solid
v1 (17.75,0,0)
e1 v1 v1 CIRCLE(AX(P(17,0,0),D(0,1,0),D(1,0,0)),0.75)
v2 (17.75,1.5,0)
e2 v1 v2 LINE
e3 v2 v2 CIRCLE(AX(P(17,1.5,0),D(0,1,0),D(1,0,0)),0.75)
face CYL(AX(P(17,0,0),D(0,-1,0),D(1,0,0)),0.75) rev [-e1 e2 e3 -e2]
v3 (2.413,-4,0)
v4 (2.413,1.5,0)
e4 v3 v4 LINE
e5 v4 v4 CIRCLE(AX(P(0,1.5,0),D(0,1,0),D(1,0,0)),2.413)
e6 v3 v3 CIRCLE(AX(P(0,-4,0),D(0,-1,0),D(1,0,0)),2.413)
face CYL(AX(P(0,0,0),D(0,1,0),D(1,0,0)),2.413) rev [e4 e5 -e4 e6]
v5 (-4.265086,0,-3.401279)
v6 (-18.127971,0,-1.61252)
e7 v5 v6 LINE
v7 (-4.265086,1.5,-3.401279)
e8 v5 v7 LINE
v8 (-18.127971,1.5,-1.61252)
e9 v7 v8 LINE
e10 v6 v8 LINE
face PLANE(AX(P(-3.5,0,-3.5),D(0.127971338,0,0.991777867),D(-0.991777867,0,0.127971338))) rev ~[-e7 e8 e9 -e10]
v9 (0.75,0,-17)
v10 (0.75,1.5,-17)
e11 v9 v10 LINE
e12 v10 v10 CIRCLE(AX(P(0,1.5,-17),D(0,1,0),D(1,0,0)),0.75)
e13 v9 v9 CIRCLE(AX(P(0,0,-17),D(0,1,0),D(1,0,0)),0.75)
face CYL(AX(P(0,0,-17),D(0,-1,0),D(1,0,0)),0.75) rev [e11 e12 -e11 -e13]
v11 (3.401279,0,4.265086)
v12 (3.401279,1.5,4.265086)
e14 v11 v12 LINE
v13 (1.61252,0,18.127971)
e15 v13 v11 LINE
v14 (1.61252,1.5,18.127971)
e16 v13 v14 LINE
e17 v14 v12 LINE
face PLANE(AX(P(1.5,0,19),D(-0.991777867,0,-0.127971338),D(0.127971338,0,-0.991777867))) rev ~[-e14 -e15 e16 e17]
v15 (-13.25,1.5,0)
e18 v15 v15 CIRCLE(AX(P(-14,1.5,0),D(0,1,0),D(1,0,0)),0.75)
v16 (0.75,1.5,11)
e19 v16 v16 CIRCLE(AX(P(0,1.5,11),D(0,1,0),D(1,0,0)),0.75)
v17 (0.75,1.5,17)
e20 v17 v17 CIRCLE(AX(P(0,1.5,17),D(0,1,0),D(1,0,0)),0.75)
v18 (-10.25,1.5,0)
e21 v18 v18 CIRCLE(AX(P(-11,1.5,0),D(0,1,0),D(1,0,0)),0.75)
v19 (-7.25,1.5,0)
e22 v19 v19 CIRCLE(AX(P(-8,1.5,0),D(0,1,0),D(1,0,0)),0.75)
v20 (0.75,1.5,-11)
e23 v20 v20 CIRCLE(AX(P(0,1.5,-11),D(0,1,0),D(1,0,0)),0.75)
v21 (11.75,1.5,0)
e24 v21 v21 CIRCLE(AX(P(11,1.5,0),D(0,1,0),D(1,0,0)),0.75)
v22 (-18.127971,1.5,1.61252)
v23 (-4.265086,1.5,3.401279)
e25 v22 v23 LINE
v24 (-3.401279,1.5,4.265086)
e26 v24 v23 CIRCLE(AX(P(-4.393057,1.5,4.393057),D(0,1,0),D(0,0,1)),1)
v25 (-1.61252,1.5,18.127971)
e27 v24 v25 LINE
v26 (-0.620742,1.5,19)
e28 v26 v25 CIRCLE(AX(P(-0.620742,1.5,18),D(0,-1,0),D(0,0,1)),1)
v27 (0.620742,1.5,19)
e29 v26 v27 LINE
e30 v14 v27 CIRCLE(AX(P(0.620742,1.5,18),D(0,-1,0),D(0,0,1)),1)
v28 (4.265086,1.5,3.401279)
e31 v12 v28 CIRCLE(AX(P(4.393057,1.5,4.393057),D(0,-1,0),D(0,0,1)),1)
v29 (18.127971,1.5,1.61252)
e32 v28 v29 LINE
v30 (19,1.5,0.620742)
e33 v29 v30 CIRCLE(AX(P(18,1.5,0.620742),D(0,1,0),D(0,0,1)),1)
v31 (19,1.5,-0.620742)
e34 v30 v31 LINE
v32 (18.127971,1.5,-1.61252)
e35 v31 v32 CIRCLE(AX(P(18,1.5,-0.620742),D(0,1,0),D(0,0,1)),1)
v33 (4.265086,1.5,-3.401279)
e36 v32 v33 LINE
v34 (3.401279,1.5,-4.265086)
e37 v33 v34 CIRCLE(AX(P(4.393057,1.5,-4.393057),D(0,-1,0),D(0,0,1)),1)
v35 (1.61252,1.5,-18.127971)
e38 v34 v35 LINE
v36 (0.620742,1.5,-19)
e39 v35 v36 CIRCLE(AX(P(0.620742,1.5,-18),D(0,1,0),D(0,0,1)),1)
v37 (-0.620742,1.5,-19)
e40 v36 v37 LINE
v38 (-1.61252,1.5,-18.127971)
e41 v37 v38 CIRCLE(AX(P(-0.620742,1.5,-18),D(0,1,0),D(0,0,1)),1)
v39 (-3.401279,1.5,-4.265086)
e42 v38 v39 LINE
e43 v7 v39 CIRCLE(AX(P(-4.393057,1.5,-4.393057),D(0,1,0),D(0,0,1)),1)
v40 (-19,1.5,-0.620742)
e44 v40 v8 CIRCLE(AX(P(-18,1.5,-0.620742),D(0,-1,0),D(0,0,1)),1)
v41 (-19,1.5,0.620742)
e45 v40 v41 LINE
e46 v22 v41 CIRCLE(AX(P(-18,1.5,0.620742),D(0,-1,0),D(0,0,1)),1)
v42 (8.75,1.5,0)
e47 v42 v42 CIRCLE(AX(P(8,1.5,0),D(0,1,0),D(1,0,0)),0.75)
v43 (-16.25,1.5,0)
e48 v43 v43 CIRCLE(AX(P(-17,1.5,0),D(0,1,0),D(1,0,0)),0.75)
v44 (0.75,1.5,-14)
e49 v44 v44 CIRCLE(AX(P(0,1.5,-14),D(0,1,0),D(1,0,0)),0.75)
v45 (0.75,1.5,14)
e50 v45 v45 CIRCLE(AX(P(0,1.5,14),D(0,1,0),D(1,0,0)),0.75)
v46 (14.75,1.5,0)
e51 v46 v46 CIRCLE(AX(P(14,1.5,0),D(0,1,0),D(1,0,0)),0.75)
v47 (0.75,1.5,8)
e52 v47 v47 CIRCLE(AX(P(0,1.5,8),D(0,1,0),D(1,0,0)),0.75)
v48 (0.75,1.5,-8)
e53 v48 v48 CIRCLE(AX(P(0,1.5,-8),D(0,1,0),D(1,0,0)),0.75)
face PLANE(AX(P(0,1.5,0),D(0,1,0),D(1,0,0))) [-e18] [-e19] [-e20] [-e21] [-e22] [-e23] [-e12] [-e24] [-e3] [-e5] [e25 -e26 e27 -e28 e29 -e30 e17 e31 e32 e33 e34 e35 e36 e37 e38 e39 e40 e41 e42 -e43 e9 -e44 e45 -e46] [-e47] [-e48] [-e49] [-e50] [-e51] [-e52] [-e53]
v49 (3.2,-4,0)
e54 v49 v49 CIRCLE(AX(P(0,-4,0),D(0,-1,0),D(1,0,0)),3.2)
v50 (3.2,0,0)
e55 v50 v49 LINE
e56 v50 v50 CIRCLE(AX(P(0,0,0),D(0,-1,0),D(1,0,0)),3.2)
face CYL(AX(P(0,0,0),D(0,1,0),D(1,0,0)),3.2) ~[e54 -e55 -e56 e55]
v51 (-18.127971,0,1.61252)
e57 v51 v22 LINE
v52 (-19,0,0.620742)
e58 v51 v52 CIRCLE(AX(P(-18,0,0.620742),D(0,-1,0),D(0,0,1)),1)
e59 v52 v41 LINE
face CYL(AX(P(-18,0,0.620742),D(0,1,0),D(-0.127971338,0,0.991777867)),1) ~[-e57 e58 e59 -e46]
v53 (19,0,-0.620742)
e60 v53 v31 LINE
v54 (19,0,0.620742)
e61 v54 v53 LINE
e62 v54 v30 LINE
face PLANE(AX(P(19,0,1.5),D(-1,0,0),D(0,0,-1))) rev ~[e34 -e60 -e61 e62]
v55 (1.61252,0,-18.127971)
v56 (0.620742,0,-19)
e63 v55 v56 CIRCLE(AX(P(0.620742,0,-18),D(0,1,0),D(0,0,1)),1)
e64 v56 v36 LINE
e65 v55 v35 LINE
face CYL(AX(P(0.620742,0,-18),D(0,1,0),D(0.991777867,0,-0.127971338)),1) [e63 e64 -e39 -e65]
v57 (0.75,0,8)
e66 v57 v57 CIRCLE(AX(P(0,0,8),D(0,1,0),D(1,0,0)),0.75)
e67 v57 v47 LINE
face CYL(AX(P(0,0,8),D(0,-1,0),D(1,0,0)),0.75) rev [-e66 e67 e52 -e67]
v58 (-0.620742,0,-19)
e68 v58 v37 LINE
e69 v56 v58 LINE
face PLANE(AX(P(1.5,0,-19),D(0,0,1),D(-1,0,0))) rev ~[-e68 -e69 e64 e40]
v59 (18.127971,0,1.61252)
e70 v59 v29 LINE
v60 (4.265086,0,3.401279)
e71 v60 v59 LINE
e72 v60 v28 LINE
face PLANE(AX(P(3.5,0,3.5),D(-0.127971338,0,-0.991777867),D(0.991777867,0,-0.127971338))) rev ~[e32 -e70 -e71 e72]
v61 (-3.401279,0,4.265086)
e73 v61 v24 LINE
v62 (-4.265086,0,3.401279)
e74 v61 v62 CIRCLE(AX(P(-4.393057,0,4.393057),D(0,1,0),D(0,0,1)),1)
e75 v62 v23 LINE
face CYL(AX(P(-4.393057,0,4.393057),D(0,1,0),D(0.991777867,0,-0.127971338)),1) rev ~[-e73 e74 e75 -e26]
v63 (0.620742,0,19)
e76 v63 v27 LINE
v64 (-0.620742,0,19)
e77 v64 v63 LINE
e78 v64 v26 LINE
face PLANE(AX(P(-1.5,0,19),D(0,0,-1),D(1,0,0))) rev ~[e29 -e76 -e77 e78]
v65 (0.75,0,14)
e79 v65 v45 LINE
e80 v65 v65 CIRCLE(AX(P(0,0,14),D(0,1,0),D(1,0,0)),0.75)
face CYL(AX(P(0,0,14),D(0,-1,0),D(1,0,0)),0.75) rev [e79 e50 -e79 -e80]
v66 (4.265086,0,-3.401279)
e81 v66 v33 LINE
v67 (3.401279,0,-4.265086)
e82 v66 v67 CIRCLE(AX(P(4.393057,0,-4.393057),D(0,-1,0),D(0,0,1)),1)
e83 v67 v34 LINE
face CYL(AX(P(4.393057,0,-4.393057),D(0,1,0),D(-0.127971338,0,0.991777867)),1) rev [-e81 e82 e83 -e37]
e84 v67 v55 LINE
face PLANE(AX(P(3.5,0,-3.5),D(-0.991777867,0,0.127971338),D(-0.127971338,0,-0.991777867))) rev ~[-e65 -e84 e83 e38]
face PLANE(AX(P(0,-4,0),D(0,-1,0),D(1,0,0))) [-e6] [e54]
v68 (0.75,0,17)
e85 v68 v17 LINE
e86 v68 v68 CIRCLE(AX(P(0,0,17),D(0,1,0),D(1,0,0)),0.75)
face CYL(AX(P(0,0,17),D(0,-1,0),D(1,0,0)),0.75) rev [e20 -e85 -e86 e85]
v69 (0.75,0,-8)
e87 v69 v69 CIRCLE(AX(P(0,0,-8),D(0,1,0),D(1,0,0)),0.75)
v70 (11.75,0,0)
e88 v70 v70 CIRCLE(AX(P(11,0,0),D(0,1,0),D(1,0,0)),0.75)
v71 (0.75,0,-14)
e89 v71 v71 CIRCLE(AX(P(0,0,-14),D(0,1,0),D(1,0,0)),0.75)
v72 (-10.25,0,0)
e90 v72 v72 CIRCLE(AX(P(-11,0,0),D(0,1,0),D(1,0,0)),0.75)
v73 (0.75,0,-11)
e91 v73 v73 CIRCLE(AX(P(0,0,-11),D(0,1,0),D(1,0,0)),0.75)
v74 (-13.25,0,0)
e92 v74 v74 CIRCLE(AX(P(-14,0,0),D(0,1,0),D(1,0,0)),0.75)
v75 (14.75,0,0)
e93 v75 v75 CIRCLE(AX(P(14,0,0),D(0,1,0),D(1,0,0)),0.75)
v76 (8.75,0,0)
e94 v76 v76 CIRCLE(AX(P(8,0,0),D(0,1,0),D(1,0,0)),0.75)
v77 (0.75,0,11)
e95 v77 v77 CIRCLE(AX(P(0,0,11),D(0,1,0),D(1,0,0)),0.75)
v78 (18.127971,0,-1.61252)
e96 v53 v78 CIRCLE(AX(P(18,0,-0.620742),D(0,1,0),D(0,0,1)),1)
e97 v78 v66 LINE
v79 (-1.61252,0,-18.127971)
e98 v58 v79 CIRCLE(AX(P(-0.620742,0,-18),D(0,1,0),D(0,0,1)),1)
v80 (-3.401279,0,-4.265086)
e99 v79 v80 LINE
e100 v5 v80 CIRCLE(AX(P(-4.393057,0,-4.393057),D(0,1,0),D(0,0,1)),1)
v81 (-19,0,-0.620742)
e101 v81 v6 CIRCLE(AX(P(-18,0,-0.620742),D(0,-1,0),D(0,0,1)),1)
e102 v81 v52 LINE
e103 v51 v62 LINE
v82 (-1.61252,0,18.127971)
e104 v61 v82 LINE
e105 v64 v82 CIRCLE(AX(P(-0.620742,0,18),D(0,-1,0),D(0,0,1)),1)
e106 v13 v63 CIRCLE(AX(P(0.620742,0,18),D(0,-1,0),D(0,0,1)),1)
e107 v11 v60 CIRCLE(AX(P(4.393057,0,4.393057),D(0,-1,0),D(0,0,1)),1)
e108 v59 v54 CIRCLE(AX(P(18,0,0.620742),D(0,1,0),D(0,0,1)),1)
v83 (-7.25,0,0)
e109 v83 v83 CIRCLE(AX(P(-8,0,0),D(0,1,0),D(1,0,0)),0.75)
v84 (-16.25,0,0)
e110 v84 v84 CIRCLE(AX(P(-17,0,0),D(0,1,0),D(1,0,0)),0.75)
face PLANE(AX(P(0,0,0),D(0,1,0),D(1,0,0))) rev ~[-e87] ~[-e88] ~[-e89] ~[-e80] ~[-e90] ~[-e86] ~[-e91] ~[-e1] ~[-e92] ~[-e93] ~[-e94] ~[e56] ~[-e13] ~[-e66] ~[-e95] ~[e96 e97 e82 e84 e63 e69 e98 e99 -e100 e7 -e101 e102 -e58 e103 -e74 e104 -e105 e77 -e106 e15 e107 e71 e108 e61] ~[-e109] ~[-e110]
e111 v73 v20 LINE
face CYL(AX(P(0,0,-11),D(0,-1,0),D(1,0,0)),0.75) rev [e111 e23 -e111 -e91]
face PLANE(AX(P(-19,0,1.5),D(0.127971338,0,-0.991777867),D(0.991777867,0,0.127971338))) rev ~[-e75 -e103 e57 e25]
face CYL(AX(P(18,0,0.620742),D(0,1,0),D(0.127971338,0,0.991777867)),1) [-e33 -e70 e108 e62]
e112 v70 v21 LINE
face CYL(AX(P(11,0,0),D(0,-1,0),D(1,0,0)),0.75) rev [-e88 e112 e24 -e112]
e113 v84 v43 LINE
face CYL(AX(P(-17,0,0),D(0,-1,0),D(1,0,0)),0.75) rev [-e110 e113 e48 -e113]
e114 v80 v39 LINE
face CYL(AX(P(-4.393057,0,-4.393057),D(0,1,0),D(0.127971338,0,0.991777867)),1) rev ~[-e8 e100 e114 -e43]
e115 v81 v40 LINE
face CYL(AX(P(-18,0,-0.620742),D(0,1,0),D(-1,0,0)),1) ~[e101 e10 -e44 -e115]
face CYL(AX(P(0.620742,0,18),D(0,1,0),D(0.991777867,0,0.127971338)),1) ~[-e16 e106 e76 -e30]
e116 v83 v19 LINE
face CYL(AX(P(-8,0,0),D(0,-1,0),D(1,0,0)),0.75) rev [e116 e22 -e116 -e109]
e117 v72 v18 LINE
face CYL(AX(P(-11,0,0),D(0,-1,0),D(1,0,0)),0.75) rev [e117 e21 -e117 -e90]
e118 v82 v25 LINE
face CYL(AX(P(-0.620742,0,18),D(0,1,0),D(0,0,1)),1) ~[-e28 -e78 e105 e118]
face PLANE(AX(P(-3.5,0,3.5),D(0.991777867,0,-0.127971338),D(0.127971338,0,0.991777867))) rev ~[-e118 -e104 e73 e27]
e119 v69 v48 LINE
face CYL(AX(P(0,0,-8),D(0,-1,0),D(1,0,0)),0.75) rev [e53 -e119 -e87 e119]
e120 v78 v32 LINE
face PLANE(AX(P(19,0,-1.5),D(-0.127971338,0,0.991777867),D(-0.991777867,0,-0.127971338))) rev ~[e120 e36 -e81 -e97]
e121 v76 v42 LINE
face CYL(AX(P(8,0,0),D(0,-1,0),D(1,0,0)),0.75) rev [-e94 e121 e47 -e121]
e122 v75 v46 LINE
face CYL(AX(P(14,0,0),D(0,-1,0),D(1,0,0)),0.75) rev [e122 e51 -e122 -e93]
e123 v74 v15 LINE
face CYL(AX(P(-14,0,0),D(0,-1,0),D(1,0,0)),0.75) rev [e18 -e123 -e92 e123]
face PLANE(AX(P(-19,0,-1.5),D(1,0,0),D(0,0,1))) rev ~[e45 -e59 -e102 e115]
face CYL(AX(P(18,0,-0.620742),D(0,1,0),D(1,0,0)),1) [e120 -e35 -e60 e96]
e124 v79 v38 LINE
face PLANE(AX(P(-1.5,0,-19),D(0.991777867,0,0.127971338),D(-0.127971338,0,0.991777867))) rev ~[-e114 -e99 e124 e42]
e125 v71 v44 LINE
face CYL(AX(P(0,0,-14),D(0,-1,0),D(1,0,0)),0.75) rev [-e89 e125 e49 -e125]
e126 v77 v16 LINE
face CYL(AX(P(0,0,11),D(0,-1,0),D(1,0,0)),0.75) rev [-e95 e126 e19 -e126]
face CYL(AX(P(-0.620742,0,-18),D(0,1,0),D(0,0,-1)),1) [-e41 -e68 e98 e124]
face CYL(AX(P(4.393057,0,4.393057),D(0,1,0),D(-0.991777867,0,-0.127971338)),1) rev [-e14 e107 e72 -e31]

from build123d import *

# Parameters (mm, degrees)
SKETCH1_R           = 2.413
SKETCH1_R_2         = 0.75
BOSS_EXTRUDE1_DEPTH = 1.5
SKETCH2_R           = 3.2
SKETCH2_R_2         = 2.413
BOSS_EXTRUDE2_DEPTH = 4
FILLET1_R           = 1


with BuildPart() as part:
    # Sketch1 → Boss-Extrude1 (new body)
    with BuildSketch(Plane(origin=(0, 0, 0), x_dir=(1, 0, 0), z_dir=(0, 1, 0))):
        Polygon((-1.5, 19), (-3.5, 3.5), (-19, 1.5), (-19, -1.5), (-3.5, -3.5), (-1.5, -19), (1.5, -19), (3.5, -3.5), (19, -1.5), (19, 1.5), (3.5, 3.5), (1.5, 19), align=None)
        Circle(SKETCH1_R, mode=Mode.SUBTRACT)
        with Locations((8, 0)):
            Circle(SKETCH1_R_2, mode=Mode.SUBTRACT)
        with Locations((11, 0)):
            Circle(SKETCH1_R_2, mode=Mode.SUBTRACT)
        with Locations((14, 0)):
            Circle(SKETCH1_R_2, mode=Mode.SUBTRACT)
        with Locations((17, 0)):
            Circle(SKETCH1_R_2, mode=Mode.SUBTRACT)
        with Locations((0, -8)):
            Circle(SKETCH1_R_2, mode=Mode.SUBTRACT)
        with Locations((0, -11)):
            Circle(SKETCH1_R_2, mode=Mode.SUBTRACT)
        with Locations((0, -14)):
            Circle(SKETCH1_R_2, mode=Mode.SUBTRACT)
        with Locations((0, -17)):
            Circle(SKETCH1_R_2, mode=Mode.SUBTRACT)
        with Locations((-8, 0)):
            Circle(SKETCH1_R_2, mode=Mode.SUBTRACT)
        with Locations((-11, 0)):
            Circle(SKETCH1_R_2, mode=Mode.SUBTRACT)
        with Locations((-14, 0)):
            Circle(SKETCH1_R_2, mode=Mode.SUBTRACT)
        with Locations((-17, 0)):
            Circle(SKETCH1_R_2, mode=Mode.SUBTRACT)
        with Locations((0, 8)):
            Circle(SKETCH1_R_2, mode=Mode.SUBTRACT)
        with Locations((0, 11)):
            Circle(SKETCH1_R_2, mode=Mode.SUBTRACT)
        with Locations((0, 14)):
            Circle(SKETCH1_R_2, mode=Mode.SUBTRACT)
        with Locations((0, 17)):
            Circle(SKETCH1_R_2, mode=Mode.SUBTRACT)
    extrude(amount=BOSS_EXTRUDE1_DEPTH)

    # Sketch2 → Boss-Extrude2 (add)
    with BuildSketch(Plane.XZ):
        Circle(SKETCH2_R)
        Circle(SKETCH2_R_2, mode=Mode.SUBTRACT)
    extrude(amount=BOSS_EXTRUDE2_DEPTH)

    # Fillet1
    fillet1_edges = [part.edges().sort_by_distance(p)[0] for p in [
        (-1.5, 0.75, 19),
        (-3.5, 0.75, 3.5),
        (-19, 0.75, 1.5),
        (-19, 0.75, -1.5),
        (-3.5, 0.75, -3.5),
        (-1.5, 0.75, -19),
        (1.5, 0.75, -19),
        (3.5, 0.75, -3.5),
        (19, 0.75, -1.5),
        (19, 0.75, 1.5),
        (3.5, 0.75, 3.5),
        (1.5, 0.75, 19),
    ]]
    fillet(fillet1_edges, radius=FILLET1_R)


solid = part.part
